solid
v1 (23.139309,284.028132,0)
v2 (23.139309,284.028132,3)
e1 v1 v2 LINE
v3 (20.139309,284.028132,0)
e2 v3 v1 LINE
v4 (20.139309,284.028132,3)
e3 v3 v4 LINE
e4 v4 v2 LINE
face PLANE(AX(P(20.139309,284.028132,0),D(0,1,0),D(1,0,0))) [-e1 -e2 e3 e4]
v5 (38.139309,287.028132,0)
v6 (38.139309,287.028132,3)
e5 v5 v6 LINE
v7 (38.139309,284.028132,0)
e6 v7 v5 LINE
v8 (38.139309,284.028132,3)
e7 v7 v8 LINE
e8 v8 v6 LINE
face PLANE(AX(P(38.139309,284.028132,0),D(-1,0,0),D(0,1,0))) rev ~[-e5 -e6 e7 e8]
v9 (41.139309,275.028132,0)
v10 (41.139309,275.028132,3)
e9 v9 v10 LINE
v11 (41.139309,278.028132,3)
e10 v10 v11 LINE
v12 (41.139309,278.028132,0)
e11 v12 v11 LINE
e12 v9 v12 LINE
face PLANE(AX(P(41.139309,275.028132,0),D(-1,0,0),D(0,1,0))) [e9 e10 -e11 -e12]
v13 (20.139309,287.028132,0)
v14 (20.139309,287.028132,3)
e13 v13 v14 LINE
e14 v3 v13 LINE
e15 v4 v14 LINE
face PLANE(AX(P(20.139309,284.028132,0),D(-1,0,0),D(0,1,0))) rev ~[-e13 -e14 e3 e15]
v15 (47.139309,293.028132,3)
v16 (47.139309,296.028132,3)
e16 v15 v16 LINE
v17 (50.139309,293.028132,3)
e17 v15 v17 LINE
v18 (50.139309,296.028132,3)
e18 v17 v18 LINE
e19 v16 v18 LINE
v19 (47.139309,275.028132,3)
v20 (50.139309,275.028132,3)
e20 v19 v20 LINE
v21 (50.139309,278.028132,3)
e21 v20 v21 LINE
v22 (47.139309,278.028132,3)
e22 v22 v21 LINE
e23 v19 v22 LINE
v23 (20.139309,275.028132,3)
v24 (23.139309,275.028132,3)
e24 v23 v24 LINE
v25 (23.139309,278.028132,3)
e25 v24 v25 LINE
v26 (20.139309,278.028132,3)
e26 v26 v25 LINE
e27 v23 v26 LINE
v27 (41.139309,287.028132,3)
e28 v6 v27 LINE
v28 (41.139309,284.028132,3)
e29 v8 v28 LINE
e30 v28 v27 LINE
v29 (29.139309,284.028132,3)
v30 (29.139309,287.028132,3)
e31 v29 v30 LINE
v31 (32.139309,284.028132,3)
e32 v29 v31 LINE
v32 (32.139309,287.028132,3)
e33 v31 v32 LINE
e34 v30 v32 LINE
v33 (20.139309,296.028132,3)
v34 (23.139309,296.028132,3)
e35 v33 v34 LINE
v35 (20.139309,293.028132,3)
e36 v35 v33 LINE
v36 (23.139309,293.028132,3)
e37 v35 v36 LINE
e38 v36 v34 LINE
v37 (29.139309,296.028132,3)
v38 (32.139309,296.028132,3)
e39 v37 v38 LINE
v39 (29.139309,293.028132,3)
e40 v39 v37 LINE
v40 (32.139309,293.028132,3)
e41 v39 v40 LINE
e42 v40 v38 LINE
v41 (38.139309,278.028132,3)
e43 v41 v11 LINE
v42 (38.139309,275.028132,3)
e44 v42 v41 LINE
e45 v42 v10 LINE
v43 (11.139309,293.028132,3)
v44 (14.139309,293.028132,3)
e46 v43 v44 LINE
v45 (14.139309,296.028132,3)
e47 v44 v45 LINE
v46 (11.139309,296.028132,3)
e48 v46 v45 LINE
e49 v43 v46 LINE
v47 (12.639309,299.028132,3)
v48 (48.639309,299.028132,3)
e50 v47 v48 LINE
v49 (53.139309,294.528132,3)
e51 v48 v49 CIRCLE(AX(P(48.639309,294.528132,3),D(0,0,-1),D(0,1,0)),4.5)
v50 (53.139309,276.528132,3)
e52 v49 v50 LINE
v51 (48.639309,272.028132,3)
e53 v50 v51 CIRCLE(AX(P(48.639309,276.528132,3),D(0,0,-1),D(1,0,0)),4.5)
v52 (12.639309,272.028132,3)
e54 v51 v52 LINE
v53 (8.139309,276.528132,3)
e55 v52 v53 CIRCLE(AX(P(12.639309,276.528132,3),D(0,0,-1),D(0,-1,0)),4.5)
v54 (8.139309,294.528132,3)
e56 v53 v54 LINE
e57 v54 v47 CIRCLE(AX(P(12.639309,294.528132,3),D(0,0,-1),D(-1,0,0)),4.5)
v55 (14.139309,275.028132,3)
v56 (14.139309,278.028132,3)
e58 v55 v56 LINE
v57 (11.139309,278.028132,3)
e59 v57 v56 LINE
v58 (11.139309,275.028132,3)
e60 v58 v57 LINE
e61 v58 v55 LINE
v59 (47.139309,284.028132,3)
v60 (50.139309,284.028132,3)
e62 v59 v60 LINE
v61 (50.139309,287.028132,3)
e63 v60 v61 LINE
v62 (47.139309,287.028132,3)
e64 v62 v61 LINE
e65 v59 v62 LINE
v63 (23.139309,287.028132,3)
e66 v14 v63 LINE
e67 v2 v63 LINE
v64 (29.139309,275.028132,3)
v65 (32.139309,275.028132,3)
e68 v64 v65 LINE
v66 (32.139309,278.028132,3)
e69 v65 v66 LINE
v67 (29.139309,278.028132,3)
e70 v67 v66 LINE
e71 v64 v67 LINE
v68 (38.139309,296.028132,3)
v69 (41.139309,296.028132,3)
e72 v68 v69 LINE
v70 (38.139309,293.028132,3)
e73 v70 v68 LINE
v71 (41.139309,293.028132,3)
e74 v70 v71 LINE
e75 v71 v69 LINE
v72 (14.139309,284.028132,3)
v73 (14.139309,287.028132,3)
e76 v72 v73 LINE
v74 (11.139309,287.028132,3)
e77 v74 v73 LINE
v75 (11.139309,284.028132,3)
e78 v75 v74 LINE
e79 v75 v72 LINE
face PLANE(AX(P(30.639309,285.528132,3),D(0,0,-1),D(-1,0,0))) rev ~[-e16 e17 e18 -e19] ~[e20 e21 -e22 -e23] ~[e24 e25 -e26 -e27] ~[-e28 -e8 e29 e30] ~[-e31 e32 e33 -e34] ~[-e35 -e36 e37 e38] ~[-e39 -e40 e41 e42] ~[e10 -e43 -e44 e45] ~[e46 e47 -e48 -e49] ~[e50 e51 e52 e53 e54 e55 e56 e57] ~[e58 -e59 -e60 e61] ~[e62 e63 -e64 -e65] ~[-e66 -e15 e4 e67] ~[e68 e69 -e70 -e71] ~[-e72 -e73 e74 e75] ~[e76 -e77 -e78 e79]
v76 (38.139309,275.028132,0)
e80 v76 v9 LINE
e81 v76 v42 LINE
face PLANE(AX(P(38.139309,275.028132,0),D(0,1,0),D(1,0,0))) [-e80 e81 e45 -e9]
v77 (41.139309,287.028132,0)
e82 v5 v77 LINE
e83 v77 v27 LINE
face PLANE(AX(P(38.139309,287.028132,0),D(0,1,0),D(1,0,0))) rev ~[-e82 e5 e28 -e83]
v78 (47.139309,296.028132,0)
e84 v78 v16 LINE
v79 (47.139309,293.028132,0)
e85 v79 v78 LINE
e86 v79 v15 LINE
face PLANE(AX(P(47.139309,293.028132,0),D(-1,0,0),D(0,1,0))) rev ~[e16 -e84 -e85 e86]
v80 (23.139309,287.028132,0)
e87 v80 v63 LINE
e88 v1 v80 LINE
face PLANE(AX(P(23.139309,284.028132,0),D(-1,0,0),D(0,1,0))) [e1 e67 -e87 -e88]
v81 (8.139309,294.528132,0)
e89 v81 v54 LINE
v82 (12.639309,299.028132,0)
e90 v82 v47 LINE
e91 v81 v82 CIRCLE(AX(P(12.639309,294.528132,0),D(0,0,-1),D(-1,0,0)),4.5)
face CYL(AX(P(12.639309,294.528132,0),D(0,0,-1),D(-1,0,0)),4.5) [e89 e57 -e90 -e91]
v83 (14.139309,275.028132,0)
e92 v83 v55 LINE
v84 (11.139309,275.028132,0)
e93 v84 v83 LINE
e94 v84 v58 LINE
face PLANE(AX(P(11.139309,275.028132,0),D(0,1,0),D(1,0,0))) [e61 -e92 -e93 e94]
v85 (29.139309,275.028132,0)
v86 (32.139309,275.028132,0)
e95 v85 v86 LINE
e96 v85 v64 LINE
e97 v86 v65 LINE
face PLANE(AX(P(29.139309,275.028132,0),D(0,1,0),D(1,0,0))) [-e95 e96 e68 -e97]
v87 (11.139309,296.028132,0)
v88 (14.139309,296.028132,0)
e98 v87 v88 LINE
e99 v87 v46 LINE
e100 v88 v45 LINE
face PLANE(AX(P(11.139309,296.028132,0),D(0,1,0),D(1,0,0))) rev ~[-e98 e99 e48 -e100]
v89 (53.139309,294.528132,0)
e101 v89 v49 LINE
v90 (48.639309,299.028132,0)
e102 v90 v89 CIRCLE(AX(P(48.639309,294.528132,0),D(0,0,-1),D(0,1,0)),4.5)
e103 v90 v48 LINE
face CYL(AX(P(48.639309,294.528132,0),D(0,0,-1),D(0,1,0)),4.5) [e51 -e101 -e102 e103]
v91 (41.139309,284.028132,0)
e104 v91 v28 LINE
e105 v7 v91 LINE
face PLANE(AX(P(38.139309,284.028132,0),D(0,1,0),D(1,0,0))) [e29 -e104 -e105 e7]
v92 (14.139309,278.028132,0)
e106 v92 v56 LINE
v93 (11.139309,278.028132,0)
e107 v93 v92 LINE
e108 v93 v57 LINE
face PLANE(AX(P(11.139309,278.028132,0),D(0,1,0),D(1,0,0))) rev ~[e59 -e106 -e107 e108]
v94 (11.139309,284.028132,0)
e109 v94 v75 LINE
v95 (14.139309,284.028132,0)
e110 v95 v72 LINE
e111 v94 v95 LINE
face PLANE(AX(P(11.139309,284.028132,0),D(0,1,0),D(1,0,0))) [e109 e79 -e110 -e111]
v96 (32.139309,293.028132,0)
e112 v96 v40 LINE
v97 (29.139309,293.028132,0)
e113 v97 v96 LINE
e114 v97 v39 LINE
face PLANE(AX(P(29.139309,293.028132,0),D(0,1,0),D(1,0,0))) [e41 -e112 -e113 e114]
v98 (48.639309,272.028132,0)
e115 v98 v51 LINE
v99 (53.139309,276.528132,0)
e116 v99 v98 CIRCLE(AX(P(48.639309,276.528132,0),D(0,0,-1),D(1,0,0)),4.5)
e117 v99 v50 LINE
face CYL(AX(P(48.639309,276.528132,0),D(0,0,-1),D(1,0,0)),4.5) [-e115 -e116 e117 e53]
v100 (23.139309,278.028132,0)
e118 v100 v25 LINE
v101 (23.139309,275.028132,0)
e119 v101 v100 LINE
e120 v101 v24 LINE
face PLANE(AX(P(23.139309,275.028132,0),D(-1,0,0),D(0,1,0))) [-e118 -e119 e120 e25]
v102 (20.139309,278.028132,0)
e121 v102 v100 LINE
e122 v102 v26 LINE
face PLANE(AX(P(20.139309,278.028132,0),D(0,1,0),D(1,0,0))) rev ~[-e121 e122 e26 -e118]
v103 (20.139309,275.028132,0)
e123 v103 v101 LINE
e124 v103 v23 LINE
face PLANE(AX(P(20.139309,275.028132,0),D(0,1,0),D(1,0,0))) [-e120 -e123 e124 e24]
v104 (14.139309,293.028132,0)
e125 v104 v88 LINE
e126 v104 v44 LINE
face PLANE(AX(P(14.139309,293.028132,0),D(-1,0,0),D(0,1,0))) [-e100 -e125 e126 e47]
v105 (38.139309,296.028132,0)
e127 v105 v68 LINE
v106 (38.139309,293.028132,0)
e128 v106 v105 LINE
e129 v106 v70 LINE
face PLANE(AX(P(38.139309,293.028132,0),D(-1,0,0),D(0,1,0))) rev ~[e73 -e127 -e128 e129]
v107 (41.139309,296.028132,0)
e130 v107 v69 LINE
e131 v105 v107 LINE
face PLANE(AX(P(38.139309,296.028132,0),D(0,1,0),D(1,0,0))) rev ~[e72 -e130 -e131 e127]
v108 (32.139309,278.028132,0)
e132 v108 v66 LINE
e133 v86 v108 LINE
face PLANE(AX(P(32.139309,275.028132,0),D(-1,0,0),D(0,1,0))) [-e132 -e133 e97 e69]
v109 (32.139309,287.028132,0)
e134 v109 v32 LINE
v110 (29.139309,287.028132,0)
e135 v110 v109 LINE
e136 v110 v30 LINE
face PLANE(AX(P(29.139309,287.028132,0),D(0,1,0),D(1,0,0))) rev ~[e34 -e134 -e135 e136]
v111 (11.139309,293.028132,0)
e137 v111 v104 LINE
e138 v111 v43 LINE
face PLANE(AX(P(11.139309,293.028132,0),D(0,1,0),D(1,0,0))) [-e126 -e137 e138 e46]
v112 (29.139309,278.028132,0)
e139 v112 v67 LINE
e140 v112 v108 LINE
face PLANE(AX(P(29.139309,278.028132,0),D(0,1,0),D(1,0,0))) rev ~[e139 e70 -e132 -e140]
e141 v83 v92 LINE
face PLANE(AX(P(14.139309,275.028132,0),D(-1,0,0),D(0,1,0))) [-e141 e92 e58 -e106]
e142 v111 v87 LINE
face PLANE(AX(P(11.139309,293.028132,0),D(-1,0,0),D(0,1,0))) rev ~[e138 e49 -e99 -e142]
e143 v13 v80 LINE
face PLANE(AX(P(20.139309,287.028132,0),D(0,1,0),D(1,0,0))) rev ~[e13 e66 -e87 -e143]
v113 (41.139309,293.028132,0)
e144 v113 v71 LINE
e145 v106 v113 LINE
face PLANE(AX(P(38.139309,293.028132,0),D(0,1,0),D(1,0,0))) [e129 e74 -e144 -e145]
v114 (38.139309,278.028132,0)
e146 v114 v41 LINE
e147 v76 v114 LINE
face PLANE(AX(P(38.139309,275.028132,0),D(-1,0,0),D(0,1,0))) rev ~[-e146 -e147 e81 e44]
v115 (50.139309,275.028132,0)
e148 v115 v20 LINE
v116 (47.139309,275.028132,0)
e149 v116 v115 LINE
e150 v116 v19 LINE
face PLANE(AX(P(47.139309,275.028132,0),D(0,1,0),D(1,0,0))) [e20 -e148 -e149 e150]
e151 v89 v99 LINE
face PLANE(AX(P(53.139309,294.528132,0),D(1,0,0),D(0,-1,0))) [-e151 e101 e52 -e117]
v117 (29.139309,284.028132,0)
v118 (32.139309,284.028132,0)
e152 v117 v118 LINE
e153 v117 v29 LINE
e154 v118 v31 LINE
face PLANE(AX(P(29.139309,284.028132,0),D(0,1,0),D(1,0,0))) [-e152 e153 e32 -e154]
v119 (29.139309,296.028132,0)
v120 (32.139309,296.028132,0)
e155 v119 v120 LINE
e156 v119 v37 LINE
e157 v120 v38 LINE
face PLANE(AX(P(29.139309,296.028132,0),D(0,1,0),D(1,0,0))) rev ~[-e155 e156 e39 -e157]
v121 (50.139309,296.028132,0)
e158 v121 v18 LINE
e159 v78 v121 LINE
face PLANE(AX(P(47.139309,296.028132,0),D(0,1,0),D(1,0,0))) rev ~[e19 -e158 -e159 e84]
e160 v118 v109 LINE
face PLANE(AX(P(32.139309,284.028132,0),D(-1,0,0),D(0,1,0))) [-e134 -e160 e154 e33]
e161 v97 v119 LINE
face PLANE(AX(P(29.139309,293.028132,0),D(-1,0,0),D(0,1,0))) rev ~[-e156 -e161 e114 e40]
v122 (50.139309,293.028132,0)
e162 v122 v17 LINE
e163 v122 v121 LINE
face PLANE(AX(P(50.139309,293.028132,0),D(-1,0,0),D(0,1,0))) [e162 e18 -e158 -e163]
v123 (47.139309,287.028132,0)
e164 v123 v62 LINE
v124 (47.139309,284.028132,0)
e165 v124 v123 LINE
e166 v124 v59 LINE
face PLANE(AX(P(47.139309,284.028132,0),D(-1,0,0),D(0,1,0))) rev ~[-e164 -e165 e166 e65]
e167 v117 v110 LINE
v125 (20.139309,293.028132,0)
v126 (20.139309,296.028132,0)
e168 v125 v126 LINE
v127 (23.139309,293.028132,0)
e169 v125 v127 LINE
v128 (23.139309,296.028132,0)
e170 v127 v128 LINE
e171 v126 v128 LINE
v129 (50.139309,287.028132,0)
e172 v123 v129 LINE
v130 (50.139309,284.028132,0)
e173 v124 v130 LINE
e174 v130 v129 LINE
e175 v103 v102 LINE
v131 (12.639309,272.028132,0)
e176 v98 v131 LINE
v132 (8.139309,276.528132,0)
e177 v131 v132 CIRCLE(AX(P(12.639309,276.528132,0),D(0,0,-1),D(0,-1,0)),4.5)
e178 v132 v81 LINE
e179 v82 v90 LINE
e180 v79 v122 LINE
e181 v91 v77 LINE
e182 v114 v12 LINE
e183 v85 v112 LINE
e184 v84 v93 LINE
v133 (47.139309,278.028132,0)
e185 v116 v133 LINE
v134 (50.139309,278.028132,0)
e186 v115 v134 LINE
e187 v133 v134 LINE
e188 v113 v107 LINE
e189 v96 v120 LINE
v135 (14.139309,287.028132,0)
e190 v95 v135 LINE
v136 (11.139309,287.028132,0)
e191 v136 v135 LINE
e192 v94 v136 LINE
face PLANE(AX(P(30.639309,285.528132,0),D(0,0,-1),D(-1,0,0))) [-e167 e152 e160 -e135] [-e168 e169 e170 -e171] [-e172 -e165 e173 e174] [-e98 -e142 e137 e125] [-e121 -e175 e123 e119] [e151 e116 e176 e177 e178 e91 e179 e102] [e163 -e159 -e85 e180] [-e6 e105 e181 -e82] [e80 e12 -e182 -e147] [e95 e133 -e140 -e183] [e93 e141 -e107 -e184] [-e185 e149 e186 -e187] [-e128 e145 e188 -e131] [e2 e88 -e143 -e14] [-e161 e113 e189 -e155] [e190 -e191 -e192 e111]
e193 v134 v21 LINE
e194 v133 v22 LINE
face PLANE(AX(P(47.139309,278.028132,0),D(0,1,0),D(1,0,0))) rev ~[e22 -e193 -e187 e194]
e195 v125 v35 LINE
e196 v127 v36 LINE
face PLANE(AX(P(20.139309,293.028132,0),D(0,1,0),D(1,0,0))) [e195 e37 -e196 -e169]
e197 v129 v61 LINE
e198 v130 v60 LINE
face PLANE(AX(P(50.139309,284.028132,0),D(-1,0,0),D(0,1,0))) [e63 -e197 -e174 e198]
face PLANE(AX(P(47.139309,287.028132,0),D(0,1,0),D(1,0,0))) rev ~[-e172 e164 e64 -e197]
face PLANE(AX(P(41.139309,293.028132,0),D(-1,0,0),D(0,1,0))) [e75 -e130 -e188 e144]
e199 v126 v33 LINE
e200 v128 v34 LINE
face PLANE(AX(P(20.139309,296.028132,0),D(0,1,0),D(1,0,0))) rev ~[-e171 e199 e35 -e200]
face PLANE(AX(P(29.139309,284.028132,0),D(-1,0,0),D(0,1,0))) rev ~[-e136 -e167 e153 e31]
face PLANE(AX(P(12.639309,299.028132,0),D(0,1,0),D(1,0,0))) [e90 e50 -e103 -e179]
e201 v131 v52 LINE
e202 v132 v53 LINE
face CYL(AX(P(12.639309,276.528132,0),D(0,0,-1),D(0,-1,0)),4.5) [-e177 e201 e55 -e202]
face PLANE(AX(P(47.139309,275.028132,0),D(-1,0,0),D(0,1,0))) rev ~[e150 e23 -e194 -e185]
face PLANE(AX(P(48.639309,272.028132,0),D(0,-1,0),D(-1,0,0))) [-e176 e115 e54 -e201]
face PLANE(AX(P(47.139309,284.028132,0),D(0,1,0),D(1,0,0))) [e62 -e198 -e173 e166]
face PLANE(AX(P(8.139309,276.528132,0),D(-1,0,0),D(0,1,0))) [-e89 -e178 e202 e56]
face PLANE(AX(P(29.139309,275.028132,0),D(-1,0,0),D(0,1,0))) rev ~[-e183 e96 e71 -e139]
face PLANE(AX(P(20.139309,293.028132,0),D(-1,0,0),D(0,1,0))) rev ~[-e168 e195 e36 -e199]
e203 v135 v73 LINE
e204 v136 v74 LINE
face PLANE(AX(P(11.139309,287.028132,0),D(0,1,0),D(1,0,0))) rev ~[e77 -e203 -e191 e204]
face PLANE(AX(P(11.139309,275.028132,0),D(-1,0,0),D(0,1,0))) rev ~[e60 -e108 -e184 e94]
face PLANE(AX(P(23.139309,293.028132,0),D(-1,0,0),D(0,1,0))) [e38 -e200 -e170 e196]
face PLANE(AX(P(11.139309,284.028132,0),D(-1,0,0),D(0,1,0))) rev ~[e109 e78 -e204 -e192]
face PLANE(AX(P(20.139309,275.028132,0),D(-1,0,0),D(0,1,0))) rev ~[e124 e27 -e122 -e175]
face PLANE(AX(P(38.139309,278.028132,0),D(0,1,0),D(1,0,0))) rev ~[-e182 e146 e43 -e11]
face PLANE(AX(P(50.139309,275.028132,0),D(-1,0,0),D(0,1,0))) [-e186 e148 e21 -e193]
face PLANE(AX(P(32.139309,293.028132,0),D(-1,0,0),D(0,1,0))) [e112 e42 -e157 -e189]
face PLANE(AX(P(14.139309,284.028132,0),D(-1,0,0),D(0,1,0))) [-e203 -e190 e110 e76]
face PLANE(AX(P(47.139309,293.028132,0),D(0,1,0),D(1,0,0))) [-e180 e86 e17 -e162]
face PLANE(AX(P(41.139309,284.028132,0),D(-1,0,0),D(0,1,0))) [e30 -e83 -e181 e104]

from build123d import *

# Parameters (mm, degrees)
MODEL_W                 = 3
MODEL_H                 = 3
SALIENTE_EXTRUIR1_DEPTH = 3


with BuildPart() as part:
    # Model → Saliente-Extruir1 (new body)
    with BuildSketch(Plane.XY):
        with BuildLine():
            Line((12.639309496, 299.028131514), (48.639309496, 299.028131514))
            ThreePointArc((48.639309496, 299.028131514), (51.821290011, 297.71011203), (53.139309496, 294.528131514))
            Line((53.139309496, 294.528131514), (53.139309496, 276.528131514))
            ThreePointArc((53.139309496, 276.528131514), (51.821290011, 273.346150999), (48.639309496, 272.028131514))
            Line((48.639309496, 272.028131514), (12.639309496, 272.028131514))
            ThreePointArc((12.639309496, 272.028131514), (9.457328981, 273.346150999), (8.139309496, 276.528131514))
            Line((8.139309496, 276.528131514), (8.139309496, 294.528131514))
            ThreePointArc((8.139309496, 294.528131514), (9.457328981, 297.71011203), (12.639309496, 299.028131514))
        make_face()
        with Locations((12.639309496, 294.528131514)):
            Rectangle(MODEL_W, MODEL_H, mode=Mode.SUBTRACT)
        with Locations((21.639309496, 294.528131514)):
            Rectangle(MODEL_W, MODEL_H, mode=Mode.SUBTRACT)
        with Locations((30.639309496, 294.528131514)):
            Rectangle(MODEL_W, MODEL_H, mode=Mode.SUBTRACT)
        with Locations((39.639309496, 294.528131514)):
            Rectangle(MODEL_W, MODEL_H, mode=Mode.SUBTRACT)
        with Locations((48.639309496, 294.528131514)):
            Rectangle(MODEL_W, MODEL_H, mode=Mode.SUBTRACT)
        with Locations((12.639309496, 276.528131514)):
            Rectangle(MODEL_W, MODEL_H, mode=Mode.SUBTRACT)
        with Locations((21.639309496, 276.528131514)):
            Rectangle(MODEL_W, MODEL_H, mode=Mode.SUBTRACT)
        with Locations((30.639309496, 276.528131514)):
            Rectangle(MODEL_W, MODEL_H, mode=Mode.SUBTRACT)
        with Locations((39.639309496, 276.528131514)):
            Rectangle(MODEL_W, MODEL_H, mode=Mode.SUBTRACT)
        with Locations((48.639309496, 276.528131514)):
            Rectangle(MODEL_W, MODEL_H, mode=Mode.SUBTRACT)
        with Locations((12.639309496, 285.528131514)):
            Rectangle(MODEL_W, MODEL_H, mode=Mode.SUBTRACT)
        with Locations((21.639309496, 285.528131514)):
            Rectangle(MODEL_W, MODEL_H, mode=Mode.SUBTRACT)
        with Locations((30.639309496, 285.528131514)):
            Rectangle(MODEL_W, MODEL_H, mode=Mode.SUBTRACT)
        with Locations((39.639309496, 285.528131514)):
            Rectangle(MODEL_W, MODEL_H, mode=Mode.SUBTRACT)
        with Locations((48.639309496, 285.528131514)):
            Rectangle(MODEL_W, MODEL_H, mode=Mode.SUBTRACT)
    extrude(amount=SALIENTE_EXTRUIR1_DEPTH)


solid = part.part
